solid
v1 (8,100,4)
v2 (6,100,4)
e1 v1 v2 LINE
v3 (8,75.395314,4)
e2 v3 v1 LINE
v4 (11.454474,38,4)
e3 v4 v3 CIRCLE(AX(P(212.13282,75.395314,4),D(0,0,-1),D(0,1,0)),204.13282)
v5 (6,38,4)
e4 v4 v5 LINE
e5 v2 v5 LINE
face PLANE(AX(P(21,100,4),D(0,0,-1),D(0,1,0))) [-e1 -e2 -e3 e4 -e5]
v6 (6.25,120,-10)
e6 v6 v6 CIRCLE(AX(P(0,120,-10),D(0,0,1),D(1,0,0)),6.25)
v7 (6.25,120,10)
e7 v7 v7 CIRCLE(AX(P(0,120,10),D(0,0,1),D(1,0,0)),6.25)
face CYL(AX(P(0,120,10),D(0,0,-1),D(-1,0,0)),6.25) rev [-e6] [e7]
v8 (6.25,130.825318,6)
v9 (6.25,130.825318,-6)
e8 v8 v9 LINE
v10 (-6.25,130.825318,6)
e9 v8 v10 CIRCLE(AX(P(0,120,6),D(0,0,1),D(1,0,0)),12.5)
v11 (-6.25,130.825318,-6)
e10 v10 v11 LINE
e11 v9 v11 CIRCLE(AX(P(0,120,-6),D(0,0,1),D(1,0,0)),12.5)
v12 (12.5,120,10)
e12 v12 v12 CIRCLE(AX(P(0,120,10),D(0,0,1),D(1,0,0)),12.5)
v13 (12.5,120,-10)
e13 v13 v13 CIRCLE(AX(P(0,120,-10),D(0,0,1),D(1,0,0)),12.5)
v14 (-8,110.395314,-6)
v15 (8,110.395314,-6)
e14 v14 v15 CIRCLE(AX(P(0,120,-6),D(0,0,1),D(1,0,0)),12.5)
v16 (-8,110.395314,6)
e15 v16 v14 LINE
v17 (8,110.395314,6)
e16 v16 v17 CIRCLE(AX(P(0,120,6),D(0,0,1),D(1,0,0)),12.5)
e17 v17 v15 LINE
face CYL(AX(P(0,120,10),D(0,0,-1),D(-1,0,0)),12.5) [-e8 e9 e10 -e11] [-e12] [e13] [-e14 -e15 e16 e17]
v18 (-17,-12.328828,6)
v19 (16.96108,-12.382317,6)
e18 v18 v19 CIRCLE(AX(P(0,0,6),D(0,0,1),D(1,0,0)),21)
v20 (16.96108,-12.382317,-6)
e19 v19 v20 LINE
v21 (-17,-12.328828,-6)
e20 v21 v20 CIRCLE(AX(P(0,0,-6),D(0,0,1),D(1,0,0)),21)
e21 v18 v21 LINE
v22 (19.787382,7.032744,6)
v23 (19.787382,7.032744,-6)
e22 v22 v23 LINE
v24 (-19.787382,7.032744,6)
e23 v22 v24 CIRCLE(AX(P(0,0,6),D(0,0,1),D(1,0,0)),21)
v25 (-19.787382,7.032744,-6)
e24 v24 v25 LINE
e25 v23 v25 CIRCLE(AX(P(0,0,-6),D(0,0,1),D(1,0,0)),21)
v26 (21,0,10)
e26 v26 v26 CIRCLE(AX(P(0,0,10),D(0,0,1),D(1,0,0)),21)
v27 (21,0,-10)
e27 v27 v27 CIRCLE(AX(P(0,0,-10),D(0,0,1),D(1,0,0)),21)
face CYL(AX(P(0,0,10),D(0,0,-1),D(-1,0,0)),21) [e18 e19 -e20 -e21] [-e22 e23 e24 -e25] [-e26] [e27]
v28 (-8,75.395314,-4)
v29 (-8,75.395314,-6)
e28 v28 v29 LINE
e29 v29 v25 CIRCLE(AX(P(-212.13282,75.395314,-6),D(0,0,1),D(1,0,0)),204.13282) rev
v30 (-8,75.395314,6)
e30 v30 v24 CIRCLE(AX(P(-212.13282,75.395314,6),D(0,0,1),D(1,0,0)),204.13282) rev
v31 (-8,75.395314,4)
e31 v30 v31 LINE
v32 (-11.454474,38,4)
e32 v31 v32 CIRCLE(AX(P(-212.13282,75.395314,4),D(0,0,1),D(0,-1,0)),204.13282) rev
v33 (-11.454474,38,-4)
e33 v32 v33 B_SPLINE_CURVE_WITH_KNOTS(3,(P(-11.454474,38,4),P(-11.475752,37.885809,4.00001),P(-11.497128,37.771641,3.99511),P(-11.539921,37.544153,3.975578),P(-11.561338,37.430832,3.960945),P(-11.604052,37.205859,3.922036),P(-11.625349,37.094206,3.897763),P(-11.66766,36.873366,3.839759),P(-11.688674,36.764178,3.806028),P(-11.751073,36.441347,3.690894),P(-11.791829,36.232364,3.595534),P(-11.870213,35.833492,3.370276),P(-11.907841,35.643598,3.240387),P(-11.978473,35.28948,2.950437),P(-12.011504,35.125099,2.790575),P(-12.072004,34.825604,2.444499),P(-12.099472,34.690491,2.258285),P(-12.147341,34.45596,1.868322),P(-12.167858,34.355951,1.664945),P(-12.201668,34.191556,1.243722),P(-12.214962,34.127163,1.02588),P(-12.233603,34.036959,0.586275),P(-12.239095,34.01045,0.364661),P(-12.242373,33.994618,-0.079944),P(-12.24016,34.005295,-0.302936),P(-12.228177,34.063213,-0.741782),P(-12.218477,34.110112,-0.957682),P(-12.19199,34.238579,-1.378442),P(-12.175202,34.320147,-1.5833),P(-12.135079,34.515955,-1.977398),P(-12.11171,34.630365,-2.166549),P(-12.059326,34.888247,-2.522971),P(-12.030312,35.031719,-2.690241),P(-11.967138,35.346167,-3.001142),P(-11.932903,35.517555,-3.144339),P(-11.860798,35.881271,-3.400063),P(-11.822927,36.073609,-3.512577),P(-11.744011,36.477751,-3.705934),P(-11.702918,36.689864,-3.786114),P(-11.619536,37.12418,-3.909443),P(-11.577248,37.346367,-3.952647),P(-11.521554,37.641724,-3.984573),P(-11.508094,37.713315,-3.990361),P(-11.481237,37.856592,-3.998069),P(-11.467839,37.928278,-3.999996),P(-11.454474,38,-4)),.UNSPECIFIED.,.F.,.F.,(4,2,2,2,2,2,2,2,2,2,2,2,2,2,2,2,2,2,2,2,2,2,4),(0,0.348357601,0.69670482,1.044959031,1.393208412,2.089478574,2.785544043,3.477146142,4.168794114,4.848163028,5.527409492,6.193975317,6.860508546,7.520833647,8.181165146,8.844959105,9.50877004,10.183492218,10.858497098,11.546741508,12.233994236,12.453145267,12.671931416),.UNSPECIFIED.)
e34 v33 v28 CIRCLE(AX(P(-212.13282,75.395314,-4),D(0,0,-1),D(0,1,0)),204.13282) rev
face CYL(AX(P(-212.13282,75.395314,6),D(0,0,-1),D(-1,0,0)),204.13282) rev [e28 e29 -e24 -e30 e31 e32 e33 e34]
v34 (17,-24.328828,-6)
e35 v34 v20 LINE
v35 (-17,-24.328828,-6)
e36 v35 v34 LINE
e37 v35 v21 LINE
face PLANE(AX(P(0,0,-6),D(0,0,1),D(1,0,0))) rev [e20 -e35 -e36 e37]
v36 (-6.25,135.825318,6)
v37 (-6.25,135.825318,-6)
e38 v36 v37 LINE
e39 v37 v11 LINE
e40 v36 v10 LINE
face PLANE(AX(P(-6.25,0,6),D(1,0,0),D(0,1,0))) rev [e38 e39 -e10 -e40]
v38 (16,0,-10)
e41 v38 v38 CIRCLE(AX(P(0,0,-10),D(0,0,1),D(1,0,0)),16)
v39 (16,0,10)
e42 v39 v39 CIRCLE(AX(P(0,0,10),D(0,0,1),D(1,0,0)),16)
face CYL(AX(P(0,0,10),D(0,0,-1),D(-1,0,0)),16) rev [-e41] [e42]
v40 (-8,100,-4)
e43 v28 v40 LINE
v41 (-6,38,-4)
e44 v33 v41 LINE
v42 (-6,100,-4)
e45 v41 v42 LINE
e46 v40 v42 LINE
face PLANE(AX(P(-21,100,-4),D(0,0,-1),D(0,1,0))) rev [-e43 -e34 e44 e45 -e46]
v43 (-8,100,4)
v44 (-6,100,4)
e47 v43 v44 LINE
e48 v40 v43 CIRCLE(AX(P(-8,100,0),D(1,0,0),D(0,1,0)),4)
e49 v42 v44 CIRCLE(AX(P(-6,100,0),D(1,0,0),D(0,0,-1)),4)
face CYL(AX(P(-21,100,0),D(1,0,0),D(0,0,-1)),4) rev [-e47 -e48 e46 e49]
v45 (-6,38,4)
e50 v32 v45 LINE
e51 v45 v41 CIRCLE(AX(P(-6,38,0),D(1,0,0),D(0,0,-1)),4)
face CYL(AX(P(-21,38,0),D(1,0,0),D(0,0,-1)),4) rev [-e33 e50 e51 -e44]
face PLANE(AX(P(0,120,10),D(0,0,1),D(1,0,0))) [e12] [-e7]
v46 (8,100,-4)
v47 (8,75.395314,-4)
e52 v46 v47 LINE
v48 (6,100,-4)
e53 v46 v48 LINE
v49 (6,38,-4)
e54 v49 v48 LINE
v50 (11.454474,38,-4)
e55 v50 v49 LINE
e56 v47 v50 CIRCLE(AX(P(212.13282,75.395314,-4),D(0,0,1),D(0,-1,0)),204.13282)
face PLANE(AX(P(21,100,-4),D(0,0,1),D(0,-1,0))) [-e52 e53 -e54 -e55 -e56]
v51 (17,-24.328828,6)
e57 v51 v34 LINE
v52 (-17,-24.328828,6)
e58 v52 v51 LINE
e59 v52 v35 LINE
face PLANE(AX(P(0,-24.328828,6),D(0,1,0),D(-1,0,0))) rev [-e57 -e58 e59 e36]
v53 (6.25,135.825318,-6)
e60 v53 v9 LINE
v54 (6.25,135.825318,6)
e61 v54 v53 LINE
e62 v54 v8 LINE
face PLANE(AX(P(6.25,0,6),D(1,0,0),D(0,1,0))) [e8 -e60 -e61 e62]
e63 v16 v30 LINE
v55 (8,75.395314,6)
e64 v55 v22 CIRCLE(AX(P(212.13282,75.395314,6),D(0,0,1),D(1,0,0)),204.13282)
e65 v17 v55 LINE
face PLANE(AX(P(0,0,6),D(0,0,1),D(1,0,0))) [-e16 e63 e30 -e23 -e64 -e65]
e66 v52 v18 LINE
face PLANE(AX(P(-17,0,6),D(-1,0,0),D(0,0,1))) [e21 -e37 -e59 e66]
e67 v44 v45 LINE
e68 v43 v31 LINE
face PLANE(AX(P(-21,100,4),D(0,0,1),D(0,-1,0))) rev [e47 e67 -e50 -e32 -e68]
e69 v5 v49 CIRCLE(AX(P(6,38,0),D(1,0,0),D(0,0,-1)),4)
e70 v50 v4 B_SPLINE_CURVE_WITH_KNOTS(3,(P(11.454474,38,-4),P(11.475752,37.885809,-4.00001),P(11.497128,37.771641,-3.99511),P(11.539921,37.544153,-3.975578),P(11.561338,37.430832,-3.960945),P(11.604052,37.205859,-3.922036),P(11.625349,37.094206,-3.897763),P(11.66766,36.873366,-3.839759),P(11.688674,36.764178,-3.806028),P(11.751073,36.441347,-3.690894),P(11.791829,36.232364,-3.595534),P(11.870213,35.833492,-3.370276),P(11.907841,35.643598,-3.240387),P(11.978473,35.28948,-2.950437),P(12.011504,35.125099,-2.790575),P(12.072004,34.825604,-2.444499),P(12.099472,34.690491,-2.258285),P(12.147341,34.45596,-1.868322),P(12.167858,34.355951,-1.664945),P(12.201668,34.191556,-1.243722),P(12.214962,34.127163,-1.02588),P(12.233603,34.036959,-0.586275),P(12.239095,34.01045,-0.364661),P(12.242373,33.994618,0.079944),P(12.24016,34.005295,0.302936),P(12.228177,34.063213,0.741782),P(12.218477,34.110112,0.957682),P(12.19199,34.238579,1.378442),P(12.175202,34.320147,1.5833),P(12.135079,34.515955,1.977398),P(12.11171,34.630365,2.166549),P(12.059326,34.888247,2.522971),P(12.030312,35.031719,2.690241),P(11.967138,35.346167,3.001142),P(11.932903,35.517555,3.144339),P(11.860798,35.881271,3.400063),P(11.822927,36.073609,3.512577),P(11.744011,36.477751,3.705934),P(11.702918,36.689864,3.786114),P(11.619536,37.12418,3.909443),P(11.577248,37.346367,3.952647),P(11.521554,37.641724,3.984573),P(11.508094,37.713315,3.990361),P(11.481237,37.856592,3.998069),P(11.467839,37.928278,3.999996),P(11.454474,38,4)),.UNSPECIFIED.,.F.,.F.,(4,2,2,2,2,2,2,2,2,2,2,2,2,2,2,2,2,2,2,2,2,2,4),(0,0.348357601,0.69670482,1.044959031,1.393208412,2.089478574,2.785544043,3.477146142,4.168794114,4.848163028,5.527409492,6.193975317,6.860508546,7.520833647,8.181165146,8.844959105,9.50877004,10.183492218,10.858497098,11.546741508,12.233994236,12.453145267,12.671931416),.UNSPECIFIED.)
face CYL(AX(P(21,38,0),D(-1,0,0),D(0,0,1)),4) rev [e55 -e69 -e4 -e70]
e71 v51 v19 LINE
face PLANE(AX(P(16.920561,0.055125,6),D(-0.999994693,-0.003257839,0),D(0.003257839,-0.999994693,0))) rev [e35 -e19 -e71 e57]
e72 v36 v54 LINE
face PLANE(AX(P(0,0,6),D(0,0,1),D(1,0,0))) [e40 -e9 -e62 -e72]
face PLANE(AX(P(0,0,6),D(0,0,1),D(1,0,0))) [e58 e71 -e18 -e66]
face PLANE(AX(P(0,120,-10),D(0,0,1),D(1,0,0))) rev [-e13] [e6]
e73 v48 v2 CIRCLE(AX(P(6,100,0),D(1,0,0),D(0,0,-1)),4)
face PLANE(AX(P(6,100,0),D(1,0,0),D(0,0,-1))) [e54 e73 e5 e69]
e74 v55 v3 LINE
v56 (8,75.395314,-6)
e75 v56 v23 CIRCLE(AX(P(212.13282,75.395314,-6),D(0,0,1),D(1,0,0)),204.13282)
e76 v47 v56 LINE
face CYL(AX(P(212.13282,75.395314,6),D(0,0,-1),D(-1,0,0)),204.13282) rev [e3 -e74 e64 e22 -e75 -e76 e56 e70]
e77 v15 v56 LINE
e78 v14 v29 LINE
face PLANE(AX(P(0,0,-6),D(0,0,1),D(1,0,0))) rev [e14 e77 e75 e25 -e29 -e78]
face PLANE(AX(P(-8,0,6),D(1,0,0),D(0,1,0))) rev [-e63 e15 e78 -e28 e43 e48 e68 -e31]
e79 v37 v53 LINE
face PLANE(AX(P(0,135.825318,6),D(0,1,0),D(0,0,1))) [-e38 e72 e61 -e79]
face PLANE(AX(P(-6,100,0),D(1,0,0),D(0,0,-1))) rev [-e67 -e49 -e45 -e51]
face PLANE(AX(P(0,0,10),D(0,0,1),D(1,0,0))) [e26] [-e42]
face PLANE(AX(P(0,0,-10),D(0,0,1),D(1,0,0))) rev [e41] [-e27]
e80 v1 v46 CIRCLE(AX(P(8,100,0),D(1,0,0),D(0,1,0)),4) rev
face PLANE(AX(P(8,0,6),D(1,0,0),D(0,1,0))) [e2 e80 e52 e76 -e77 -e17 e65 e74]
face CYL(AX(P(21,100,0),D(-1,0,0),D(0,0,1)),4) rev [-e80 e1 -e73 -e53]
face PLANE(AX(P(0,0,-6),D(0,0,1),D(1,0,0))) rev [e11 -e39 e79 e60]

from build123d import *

# Parameters (mm, degrees)
SKETCH1_R             = 12.5
SKETCH1_R_2           = 6.25
BOSS_EXTRUDE1_DEPTH   = 10
SKETCH1_R_3           = 21
SKETCH1_R_4           = 16
BOSS_EXTRUDE1_2_DEPTH = 10
BOSS_EXTRUDE4_DEPTH   = 6
BOSS_EXTRUDE6_DEPTH   = 6
BOSS_EXTRUDE7_DEPTH   = 6
CUT_EXTRUDE1_START    = 6
CUT_EXTRUDE1_DEPTH    = 132.802456026
CUT_EXTRUDE3_START    = -6
CUT_EXTRUDE3_DEPTH    = 132.802456026


with BuildPart() as part:
    # Sketch1 → Boss-Extrude1 (new, symmetric)
    with BuildSketch(Plane.XY):
        with Locations((0, 120)):
            Circle(SKETCH1_R)
        with Locations((0, 120)):
            Circle(SKETCH1_R_2, mode=Mode.SUBTRACT)
    extrude(amount=BOSS_EXTRUDE1_DEPTH, both=True)



with BuildPart() as body_2:
    # Sketch1 → Boss-Extrude1 2 (new, symmetric)
    with BuildSketch(Plane.XY):
        Circle(SKETCH1_R_3)
        Circle(SKETCH1_R_4, mode=Mode.SUBTRACT)
    extrude(amount=BOSS_EXTRUDE1_2_DEPTH, both=True)


with BuildPart() as part_1:
    add(part.part)

    add(body_2.part)  # Boss-Extrude4 merges body 2
    # Sketch1<5> → Boss-Extrude4 (add, symmetric)
    with BuildSketch(Plane.XY):
        with BuildLine():
            ThreePointArc((8, 110.395313644), (0, 107.5), (-8, 110.395313644))
            Line((-8, 110.395313644), (-8, 75.395313644))
            ThreePointArc((-8, 75.395313644), (-10.96842855, 40.709642053), (-19.787382488, 7.032744434))
            ThreePointArc((-19.787382488, 7.032744434), (0, 21), (19.787382488, 7.032744434))
            ThreePointArc((19.787382488, 7.032744434), (10.96842855, 40.709642053), (8, 75.395313644))
            Line((8, 75.395313644), (8, 110.395313644))
        make_face()
    extrude(amount=BOSS_EXTRUDE4_DEPTH, both=True)

    # Sketch1<8> → Boss-Extrude6 (add, symmetric)
    with BuildSketch(Plane.XY):
        with BuildLine():
            ThreePointArc((16.961079982, -12.382316659), (-0.033074929, -20.999973954), (-17, -12.328828006))
            Line((-17, -12.328828006), (-17, -24.328828006))
            Line((-17, -24.328828006), (17, -24.328828006))
            Line((17, -24.328828006), (16.961079982, -12.382316659))
        make_face()
    extrude(amount=BOSS_EXTRUDE6_DEPTH, both=True)

    # Sketch1<9> → Boss-Extrude7 (add, symmetric)
    with BuildSketch(Plane.XY):
        with BuildLine():
            Line((-6.25, 135.825317547), (-6.25, 130.825317547))
            ThreePointArc((-6.25, 130.825317547), (0, 132.5), (6.25, 130.825317547))
            Line((6.25, 130.825317547), (6.25, 135.825317547))
            Line((6.25, 135.825317547), (-6.25, 135.825317547))
        make_face()
    extrude(amount=BOSS_EXTRUDE7_DEPTH, both=True)

    # Sketch4 → Cut-Extrude1 (cut, through all)
    with BuildSketch(Plane(origin=(0, 0, 0), x_dir=(0, 0, -1), z_dir=(1, 0, 0)).offset(CUT_EXTRUDE1_START)):
        with BuildLine():
            Line((4, 100), (4, 38))
            ThreePointArc((4, 38), (0, 34), (-4, 38))
            Line((-4, 38), (-4, 100))
            ThreePointArc((-4, 100), (0, 104), (4, 100))
        make_face()
    extrude(amount=CUT_EXTRUDE1_DEPTH, mode=Mode.SUBTRACT)

    # Sketch4<3> → Cut-Extrude3 (cut, through all)
    with BuildSketch(Plane(origin=(0, 0, 0), x_dir=(0, 0, -1), z_dir=(1, 0, 0)).offset(CUT_EXTRUDE3_START)):
        with BuildLine():
            Line((4, 100), (4, 38))
            ThreePointArc((4, 38), (0, 34), (-4, 38))
            Line((-4, 38), (-4, 100))
            ThreePointArc((-4, 100), (0, 104), (4, 100))
        make_face()
    extrude(amount=-CUT_EXTRUDE3_DEPTH, mode=Mode.SUBTRACT)


solid = part_1.part
